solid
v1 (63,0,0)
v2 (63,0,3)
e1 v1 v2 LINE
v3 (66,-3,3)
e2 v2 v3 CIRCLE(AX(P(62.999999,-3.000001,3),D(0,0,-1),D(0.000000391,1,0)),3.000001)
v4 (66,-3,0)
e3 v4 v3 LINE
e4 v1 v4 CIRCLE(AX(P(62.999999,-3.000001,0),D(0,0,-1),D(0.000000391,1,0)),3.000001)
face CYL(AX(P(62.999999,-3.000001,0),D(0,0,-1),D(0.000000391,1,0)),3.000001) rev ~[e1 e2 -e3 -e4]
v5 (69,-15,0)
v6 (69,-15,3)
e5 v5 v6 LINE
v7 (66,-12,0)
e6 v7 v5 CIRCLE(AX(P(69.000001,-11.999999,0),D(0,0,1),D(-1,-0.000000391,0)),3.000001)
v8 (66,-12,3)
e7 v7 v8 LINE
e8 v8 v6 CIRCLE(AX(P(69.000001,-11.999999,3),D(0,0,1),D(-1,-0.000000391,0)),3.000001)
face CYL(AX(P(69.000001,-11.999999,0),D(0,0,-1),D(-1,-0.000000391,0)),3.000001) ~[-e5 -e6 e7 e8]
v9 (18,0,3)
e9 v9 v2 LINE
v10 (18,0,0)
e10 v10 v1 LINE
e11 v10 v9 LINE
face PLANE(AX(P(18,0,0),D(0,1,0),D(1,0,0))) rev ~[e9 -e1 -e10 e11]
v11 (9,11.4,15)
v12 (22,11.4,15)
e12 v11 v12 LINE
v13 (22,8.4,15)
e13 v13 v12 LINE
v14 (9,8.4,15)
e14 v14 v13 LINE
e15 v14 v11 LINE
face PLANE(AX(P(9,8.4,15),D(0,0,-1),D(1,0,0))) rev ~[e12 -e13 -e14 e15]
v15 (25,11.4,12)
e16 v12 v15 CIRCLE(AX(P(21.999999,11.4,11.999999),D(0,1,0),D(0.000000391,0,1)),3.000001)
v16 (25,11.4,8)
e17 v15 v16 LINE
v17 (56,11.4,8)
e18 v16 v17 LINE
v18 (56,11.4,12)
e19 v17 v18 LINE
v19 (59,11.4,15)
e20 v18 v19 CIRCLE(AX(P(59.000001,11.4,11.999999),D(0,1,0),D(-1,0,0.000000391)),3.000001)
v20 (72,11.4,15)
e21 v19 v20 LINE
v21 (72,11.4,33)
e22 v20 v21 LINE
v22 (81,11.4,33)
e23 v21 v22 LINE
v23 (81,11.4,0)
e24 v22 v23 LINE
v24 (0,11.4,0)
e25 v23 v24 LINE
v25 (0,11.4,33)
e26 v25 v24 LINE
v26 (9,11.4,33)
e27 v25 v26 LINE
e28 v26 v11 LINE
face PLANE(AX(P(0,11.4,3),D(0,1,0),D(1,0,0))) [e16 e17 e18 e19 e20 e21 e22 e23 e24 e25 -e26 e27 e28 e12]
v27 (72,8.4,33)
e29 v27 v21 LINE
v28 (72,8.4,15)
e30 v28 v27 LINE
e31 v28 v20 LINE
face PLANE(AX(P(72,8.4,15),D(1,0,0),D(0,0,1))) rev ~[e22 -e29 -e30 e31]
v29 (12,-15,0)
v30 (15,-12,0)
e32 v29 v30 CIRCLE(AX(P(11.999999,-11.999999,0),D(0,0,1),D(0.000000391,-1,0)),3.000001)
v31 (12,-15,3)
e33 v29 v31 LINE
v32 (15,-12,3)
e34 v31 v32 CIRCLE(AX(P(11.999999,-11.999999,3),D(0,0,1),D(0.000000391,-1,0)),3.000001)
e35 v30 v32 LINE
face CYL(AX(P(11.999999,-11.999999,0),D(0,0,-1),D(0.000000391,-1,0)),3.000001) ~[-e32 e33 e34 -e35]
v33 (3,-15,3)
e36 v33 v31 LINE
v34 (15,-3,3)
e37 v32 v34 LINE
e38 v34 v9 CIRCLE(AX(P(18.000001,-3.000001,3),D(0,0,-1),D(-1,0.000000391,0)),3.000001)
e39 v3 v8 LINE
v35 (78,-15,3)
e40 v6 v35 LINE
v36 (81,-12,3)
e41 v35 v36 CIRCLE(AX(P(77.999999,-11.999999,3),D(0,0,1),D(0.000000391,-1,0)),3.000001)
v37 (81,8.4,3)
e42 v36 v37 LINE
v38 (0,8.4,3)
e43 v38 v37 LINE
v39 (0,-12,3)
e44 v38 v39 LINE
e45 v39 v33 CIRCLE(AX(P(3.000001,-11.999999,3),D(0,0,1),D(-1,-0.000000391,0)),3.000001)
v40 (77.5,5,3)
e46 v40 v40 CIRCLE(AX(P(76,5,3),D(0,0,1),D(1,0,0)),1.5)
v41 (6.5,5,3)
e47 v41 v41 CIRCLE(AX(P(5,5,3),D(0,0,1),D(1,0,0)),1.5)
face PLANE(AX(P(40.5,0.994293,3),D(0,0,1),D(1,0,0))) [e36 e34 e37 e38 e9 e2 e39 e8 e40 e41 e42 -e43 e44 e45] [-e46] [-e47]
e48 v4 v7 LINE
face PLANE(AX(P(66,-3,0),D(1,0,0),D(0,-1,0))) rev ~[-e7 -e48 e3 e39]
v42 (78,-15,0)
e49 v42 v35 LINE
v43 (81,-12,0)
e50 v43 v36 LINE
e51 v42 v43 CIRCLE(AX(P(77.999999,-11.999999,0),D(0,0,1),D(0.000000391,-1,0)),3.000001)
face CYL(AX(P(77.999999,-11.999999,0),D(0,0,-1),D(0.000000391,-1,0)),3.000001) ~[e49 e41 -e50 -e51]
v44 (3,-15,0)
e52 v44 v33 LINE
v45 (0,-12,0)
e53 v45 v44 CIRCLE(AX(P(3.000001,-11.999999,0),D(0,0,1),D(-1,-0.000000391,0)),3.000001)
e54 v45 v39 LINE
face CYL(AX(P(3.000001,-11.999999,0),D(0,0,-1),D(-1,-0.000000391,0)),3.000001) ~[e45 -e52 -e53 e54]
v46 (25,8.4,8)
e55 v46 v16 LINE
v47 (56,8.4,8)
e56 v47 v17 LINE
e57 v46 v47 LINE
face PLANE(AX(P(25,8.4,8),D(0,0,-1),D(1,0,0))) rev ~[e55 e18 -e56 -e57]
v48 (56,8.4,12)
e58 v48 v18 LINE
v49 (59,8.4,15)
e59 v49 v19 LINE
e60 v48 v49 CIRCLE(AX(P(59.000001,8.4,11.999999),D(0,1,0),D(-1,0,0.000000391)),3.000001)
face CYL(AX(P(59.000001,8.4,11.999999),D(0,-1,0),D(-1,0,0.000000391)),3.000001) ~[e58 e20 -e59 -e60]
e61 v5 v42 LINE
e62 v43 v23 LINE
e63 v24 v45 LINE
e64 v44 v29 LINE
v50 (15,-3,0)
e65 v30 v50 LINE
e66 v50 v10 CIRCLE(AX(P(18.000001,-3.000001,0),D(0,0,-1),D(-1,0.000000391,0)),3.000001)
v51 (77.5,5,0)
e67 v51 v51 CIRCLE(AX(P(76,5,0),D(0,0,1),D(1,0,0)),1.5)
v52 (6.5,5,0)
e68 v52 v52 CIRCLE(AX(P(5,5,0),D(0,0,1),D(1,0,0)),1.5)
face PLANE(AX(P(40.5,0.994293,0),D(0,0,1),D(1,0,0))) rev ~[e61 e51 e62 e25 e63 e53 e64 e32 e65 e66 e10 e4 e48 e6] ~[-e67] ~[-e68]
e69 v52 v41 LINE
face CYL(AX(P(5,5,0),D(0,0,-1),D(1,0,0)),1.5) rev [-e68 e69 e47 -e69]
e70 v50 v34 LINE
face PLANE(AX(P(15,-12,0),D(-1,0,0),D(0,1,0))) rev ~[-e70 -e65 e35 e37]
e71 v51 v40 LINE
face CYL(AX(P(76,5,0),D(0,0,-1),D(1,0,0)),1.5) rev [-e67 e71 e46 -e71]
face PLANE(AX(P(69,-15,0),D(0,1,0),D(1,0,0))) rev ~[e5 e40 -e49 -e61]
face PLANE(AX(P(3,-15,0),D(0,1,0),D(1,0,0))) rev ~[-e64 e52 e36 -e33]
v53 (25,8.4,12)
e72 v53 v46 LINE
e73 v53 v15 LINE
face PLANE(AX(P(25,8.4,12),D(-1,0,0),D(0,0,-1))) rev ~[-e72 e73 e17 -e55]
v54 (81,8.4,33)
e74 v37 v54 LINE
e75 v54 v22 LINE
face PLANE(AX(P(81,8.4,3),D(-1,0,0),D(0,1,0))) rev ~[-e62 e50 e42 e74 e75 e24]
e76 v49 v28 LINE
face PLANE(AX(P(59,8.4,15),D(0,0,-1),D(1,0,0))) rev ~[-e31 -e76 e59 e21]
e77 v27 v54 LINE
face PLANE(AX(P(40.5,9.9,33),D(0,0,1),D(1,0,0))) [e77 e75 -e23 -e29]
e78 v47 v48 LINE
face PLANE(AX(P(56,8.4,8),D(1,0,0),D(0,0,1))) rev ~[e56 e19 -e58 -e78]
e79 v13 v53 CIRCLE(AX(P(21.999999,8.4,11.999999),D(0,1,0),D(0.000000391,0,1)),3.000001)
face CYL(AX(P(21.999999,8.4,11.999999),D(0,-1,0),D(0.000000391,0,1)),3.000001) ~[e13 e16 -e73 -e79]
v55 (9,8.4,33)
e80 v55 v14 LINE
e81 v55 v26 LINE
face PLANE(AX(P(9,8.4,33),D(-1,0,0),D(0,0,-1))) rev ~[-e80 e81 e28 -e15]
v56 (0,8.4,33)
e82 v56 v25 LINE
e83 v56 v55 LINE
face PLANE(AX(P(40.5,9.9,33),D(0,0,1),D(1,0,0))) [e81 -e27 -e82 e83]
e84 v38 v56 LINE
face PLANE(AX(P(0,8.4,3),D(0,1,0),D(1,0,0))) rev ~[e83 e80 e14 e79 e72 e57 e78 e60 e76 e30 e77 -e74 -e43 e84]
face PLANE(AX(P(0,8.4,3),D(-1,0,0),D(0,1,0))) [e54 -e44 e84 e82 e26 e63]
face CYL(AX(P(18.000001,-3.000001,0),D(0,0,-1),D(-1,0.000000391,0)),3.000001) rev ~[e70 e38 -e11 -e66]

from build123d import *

# Parameters (mm, degrees)
F0_R     = 1.5
F1_DEPTH = 3
F2_W     = 81
F2_H     = 3
F3_DEPTH = 30
F5_DEPTH = 3


with BuildPart() as f1:
    # F0 (on Top) → F1 (new body)
    with BuildSketch(Plane.XY):
        with BuildLine():
            Line((81, 11.4), (0, 11.4))
            Line((0, 11.4), (0, 0))
            Line((0, 0), (0, -12))
            ThreePointArc((0, -12), (0.87868, -14.12132), (3, -15))
            Line((3, -15), (12, -15))
            ThreePointArc((12, -15), (14.12132, -14.12132), (15, -12))
            Line((15, -12), (15, -3))
            ThreePointArc((15, -3), (15.87868, -0.87868), (18, 0))
            Line((18, 0), (63, 0))
            ThreePointArc((63, 0), (65.12132, -0.87868), (66, -3))
            Line((66, -3), (66, -12))
            ThreePointArc((66, -12), (66.87868, -14.12132), (69, -15))
            Line((69, -15), (78, -15))
            ThreePointArc((78, -15), (80.12132, -14.12132), (81, -12))
            Line((81, -12), (81, 0))
            Line((81, 0), (81, 11.4))
        make_face()
        with Locations((5, 5)):
            Circle(F0_R, mode=Mode.SUBTRACT)
        with Locations((76, 5)):
            Circle(F0_R, mode=Mode.SUBTRACT)
    extrude(amount=F1_DEPTH)

    # F2 (on face) → F3 (join)
    with BuildSketch(Plane.XY.offset(3)):
        with Locations((40.5, 9.9)):
            Rectangle(F2_W, F2_H)
    extrude(amount=F3_DEPTH)

    # F4 (on face) → F5 (cut, through all)
    with BuildSketch(Plane.XZ.offset(-8.4)):
        with BuildLine():
            Line((72, 33), (9, 33))
            Line((9, 33), (9, 15))
            Line((9, 15), (22, 15))
            ThreePointArc((22, 15), (24.12132, 14.12132), (25, 12))
            Line((25, 12), (25, 8))
            Line((25, 8), (56, 8))
            Line((56, 8), (56, 12))
            ThreePointArc((56, 12), (56.87868, 14.12132), (59, 15))
            Line((59, 15), (72, 15))
            Line((72, 15), (72, 33))
        make_face()
    extrude(amount=-F5_DEPTH, mode=Mode.SUBTRACT)


solid = f1.part
